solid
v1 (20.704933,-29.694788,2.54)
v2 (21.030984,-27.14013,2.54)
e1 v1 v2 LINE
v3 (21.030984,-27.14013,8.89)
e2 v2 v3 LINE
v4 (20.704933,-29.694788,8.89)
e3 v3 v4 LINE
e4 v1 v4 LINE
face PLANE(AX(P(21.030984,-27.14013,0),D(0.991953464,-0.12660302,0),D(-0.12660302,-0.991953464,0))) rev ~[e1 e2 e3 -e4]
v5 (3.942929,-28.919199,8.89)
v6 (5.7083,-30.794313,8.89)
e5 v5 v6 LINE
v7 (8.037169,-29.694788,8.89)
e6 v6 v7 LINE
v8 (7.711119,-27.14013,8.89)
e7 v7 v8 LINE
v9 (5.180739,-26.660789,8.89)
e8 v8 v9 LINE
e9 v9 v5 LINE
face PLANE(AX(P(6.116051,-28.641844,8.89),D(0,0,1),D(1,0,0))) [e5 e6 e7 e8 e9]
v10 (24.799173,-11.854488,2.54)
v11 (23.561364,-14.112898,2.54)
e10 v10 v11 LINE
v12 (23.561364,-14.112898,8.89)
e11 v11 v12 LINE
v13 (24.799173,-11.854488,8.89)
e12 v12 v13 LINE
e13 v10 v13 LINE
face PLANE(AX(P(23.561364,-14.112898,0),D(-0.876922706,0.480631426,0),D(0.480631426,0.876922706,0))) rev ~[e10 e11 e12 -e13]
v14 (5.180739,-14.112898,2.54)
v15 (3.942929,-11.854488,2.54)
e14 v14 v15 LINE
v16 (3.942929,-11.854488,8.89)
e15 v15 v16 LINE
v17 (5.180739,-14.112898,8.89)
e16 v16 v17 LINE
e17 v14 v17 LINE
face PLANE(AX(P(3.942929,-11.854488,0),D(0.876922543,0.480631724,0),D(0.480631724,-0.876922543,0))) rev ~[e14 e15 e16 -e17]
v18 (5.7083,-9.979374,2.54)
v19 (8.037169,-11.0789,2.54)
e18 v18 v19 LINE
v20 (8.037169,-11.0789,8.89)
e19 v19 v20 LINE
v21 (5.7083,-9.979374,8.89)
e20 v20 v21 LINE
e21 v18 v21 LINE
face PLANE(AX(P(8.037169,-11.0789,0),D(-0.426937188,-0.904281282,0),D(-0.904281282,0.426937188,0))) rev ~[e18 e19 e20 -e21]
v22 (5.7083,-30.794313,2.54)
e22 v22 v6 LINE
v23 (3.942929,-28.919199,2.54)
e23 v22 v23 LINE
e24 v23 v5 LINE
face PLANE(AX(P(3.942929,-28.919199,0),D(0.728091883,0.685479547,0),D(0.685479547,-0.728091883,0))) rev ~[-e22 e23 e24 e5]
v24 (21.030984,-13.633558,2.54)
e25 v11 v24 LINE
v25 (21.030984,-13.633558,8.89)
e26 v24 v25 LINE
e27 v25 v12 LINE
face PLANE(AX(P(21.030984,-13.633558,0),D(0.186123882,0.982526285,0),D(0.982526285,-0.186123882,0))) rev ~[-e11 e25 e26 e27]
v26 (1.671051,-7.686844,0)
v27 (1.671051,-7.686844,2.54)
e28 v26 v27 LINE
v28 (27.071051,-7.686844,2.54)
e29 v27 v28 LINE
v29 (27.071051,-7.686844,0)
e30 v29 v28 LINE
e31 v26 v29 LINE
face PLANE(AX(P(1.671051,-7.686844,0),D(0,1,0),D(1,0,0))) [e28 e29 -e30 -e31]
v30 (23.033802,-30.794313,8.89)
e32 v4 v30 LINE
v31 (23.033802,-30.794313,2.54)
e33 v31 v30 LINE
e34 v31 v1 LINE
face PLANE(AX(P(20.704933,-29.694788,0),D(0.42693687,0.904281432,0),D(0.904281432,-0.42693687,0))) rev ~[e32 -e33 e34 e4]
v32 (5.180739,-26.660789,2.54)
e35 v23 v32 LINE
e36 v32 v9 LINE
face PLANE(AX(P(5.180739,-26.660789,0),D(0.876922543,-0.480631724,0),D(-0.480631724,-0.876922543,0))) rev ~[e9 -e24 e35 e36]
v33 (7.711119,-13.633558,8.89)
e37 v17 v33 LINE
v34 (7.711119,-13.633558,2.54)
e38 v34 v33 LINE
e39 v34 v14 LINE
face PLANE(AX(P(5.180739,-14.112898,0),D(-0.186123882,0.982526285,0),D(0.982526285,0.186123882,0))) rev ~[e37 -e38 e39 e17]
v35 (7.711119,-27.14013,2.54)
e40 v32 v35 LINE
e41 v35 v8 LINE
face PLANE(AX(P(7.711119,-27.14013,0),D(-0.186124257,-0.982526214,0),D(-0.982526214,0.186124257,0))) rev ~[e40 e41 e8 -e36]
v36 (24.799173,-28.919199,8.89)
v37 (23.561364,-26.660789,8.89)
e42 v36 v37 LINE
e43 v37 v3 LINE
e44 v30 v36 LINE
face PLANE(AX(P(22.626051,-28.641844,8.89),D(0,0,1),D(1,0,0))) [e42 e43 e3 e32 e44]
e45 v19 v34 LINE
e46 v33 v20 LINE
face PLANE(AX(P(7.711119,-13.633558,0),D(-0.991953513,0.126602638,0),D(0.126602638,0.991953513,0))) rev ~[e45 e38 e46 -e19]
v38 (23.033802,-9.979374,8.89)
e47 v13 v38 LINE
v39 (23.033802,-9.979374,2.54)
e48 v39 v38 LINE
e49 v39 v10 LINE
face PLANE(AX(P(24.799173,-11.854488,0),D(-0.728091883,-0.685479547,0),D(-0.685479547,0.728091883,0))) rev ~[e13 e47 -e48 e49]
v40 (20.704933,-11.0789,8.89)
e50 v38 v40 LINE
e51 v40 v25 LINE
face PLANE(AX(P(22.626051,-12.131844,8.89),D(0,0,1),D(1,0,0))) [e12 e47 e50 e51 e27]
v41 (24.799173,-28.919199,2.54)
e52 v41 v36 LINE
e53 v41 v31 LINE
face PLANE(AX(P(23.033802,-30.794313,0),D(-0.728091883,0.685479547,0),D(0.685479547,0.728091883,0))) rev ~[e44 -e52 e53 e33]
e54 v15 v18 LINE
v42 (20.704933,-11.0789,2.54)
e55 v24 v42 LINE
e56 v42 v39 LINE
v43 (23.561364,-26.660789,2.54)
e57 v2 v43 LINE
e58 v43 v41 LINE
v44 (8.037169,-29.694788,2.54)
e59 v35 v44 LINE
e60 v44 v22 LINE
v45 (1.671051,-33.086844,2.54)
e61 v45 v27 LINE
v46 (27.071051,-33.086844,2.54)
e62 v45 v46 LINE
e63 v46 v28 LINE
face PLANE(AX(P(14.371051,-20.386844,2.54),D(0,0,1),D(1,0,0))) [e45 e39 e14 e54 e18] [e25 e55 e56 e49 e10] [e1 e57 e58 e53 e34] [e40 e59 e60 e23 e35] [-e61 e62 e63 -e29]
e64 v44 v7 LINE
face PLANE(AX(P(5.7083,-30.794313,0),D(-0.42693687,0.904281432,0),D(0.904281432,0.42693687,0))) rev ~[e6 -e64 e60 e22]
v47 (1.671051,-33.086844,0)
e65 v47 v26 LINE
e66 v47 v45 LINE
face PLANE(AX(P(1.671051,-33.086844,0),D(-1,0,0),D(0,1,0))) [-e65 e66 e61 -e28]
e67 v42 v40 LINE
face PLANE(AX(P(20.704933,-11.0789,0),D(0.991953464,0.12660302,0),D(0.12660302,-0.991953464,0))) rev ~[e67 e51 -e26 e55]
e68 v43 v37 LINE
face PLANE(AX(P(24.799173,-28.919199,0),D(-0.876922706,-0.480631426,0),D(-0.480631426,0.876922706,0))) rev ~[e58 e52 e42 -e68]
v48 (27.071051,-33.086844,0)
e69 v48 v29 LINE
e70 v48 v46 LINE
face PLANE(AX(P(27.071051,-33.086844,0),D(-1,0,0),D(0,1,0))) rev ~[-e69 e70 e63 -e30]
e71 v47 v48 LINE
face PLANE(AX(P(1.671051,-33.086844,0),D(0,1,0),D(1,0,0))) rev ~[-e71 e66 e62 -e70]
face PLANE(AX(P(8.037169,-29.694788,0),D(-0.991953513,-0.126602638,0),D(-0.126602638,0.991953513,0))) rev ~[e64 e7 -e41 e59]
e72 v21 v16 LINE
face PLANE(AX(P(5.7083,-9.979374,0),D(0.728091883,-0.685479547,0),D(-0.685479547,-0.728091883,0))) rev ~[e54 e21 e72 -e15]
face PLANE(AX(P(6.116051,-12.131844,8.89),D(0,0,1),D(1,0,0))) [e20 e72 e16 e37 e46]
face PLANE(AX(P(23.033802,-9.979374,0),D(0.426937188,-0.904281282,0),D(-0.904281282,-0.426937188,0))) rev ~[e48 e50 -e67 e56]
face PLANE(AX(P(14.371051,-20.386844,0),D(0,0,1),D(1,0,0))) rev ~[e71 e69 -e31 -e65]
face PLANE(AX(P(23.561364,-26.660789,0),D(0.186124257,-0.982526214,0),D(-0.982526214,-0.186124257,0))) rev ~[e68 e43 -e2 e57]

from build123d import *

# Parameters (mm, degrees)
F0_W     = 25.4
F0_H     = 25.4
F1_DEPTH = 2.54
F2_DEPTH = 8.89


with BuildPart() as f1:
    # F0 (on Top) → F1 (new body)
    with BuildSketch(Plane.XY):
        with Locations((14.371051, -20.386844)):
            Rectangle(F0_W, F0_H)
        Polygon((8.037169, -29.694788), (5.7083, -30.794313), (3.942929, -28.919199), (5.180739, -26.660789), (7.711119, -27.14013), align=None, mode=Mode.SUBTRACT)
        Polygon((21.030984, -27.14013), (23.561364, -26.660789), (24.799173, -28.919199), (23.033802, -30.794313), (20.704933, -29.694788), align=None, mode=Mode.SUBTRACT)
        Polygon((5.7083, -9.979374), (8.037169, -11.0789), (7.711119, -13.633558), (5.180739, -14.112898), (3.942929, -11.854488), align=None, mode=Mode.SUBTRACT)
        Polygon((20.704933, -11.0789), (23.033802, -9.979374), (24.799173, -11.854488), (23.561364, -14.112898), (21.030984, -13.633558), align=None, mode=Mode.SUBTRACT)
    extrude(amount=F1_DEPTH)

    # F0 (on Top) → F2 (join)
    with BuildSketch(Plane.XY):
        Polygon((7.711119, -13.633558), (8.037169, -11.0789), (5.7083, -9.979374), (3.942929, -11.854488), (5.180739, -14.112898), align=None)
        Polygon((24.799173, -11.854488), (23.033802, -9.979374), (20.704933, -11.0789), (21.030984, -13.633558), (23.561364, -14.112898), align=None)
        Polygon((24.799173, -28.919199), (23.561364, -26.660789), (21.030984, -27.14013), (20.704933, -29.694788), (23.033802, -30.794313), align=None)
        Polygon((3.942929, -28.919199), (5.7083, -30.794313), (8.037169, -29.694788), (7.711119, -27.14013), (5.180739, -26.660789), align=None)
    extrude(amount=F2_DEPTH)


solid = f1.part
